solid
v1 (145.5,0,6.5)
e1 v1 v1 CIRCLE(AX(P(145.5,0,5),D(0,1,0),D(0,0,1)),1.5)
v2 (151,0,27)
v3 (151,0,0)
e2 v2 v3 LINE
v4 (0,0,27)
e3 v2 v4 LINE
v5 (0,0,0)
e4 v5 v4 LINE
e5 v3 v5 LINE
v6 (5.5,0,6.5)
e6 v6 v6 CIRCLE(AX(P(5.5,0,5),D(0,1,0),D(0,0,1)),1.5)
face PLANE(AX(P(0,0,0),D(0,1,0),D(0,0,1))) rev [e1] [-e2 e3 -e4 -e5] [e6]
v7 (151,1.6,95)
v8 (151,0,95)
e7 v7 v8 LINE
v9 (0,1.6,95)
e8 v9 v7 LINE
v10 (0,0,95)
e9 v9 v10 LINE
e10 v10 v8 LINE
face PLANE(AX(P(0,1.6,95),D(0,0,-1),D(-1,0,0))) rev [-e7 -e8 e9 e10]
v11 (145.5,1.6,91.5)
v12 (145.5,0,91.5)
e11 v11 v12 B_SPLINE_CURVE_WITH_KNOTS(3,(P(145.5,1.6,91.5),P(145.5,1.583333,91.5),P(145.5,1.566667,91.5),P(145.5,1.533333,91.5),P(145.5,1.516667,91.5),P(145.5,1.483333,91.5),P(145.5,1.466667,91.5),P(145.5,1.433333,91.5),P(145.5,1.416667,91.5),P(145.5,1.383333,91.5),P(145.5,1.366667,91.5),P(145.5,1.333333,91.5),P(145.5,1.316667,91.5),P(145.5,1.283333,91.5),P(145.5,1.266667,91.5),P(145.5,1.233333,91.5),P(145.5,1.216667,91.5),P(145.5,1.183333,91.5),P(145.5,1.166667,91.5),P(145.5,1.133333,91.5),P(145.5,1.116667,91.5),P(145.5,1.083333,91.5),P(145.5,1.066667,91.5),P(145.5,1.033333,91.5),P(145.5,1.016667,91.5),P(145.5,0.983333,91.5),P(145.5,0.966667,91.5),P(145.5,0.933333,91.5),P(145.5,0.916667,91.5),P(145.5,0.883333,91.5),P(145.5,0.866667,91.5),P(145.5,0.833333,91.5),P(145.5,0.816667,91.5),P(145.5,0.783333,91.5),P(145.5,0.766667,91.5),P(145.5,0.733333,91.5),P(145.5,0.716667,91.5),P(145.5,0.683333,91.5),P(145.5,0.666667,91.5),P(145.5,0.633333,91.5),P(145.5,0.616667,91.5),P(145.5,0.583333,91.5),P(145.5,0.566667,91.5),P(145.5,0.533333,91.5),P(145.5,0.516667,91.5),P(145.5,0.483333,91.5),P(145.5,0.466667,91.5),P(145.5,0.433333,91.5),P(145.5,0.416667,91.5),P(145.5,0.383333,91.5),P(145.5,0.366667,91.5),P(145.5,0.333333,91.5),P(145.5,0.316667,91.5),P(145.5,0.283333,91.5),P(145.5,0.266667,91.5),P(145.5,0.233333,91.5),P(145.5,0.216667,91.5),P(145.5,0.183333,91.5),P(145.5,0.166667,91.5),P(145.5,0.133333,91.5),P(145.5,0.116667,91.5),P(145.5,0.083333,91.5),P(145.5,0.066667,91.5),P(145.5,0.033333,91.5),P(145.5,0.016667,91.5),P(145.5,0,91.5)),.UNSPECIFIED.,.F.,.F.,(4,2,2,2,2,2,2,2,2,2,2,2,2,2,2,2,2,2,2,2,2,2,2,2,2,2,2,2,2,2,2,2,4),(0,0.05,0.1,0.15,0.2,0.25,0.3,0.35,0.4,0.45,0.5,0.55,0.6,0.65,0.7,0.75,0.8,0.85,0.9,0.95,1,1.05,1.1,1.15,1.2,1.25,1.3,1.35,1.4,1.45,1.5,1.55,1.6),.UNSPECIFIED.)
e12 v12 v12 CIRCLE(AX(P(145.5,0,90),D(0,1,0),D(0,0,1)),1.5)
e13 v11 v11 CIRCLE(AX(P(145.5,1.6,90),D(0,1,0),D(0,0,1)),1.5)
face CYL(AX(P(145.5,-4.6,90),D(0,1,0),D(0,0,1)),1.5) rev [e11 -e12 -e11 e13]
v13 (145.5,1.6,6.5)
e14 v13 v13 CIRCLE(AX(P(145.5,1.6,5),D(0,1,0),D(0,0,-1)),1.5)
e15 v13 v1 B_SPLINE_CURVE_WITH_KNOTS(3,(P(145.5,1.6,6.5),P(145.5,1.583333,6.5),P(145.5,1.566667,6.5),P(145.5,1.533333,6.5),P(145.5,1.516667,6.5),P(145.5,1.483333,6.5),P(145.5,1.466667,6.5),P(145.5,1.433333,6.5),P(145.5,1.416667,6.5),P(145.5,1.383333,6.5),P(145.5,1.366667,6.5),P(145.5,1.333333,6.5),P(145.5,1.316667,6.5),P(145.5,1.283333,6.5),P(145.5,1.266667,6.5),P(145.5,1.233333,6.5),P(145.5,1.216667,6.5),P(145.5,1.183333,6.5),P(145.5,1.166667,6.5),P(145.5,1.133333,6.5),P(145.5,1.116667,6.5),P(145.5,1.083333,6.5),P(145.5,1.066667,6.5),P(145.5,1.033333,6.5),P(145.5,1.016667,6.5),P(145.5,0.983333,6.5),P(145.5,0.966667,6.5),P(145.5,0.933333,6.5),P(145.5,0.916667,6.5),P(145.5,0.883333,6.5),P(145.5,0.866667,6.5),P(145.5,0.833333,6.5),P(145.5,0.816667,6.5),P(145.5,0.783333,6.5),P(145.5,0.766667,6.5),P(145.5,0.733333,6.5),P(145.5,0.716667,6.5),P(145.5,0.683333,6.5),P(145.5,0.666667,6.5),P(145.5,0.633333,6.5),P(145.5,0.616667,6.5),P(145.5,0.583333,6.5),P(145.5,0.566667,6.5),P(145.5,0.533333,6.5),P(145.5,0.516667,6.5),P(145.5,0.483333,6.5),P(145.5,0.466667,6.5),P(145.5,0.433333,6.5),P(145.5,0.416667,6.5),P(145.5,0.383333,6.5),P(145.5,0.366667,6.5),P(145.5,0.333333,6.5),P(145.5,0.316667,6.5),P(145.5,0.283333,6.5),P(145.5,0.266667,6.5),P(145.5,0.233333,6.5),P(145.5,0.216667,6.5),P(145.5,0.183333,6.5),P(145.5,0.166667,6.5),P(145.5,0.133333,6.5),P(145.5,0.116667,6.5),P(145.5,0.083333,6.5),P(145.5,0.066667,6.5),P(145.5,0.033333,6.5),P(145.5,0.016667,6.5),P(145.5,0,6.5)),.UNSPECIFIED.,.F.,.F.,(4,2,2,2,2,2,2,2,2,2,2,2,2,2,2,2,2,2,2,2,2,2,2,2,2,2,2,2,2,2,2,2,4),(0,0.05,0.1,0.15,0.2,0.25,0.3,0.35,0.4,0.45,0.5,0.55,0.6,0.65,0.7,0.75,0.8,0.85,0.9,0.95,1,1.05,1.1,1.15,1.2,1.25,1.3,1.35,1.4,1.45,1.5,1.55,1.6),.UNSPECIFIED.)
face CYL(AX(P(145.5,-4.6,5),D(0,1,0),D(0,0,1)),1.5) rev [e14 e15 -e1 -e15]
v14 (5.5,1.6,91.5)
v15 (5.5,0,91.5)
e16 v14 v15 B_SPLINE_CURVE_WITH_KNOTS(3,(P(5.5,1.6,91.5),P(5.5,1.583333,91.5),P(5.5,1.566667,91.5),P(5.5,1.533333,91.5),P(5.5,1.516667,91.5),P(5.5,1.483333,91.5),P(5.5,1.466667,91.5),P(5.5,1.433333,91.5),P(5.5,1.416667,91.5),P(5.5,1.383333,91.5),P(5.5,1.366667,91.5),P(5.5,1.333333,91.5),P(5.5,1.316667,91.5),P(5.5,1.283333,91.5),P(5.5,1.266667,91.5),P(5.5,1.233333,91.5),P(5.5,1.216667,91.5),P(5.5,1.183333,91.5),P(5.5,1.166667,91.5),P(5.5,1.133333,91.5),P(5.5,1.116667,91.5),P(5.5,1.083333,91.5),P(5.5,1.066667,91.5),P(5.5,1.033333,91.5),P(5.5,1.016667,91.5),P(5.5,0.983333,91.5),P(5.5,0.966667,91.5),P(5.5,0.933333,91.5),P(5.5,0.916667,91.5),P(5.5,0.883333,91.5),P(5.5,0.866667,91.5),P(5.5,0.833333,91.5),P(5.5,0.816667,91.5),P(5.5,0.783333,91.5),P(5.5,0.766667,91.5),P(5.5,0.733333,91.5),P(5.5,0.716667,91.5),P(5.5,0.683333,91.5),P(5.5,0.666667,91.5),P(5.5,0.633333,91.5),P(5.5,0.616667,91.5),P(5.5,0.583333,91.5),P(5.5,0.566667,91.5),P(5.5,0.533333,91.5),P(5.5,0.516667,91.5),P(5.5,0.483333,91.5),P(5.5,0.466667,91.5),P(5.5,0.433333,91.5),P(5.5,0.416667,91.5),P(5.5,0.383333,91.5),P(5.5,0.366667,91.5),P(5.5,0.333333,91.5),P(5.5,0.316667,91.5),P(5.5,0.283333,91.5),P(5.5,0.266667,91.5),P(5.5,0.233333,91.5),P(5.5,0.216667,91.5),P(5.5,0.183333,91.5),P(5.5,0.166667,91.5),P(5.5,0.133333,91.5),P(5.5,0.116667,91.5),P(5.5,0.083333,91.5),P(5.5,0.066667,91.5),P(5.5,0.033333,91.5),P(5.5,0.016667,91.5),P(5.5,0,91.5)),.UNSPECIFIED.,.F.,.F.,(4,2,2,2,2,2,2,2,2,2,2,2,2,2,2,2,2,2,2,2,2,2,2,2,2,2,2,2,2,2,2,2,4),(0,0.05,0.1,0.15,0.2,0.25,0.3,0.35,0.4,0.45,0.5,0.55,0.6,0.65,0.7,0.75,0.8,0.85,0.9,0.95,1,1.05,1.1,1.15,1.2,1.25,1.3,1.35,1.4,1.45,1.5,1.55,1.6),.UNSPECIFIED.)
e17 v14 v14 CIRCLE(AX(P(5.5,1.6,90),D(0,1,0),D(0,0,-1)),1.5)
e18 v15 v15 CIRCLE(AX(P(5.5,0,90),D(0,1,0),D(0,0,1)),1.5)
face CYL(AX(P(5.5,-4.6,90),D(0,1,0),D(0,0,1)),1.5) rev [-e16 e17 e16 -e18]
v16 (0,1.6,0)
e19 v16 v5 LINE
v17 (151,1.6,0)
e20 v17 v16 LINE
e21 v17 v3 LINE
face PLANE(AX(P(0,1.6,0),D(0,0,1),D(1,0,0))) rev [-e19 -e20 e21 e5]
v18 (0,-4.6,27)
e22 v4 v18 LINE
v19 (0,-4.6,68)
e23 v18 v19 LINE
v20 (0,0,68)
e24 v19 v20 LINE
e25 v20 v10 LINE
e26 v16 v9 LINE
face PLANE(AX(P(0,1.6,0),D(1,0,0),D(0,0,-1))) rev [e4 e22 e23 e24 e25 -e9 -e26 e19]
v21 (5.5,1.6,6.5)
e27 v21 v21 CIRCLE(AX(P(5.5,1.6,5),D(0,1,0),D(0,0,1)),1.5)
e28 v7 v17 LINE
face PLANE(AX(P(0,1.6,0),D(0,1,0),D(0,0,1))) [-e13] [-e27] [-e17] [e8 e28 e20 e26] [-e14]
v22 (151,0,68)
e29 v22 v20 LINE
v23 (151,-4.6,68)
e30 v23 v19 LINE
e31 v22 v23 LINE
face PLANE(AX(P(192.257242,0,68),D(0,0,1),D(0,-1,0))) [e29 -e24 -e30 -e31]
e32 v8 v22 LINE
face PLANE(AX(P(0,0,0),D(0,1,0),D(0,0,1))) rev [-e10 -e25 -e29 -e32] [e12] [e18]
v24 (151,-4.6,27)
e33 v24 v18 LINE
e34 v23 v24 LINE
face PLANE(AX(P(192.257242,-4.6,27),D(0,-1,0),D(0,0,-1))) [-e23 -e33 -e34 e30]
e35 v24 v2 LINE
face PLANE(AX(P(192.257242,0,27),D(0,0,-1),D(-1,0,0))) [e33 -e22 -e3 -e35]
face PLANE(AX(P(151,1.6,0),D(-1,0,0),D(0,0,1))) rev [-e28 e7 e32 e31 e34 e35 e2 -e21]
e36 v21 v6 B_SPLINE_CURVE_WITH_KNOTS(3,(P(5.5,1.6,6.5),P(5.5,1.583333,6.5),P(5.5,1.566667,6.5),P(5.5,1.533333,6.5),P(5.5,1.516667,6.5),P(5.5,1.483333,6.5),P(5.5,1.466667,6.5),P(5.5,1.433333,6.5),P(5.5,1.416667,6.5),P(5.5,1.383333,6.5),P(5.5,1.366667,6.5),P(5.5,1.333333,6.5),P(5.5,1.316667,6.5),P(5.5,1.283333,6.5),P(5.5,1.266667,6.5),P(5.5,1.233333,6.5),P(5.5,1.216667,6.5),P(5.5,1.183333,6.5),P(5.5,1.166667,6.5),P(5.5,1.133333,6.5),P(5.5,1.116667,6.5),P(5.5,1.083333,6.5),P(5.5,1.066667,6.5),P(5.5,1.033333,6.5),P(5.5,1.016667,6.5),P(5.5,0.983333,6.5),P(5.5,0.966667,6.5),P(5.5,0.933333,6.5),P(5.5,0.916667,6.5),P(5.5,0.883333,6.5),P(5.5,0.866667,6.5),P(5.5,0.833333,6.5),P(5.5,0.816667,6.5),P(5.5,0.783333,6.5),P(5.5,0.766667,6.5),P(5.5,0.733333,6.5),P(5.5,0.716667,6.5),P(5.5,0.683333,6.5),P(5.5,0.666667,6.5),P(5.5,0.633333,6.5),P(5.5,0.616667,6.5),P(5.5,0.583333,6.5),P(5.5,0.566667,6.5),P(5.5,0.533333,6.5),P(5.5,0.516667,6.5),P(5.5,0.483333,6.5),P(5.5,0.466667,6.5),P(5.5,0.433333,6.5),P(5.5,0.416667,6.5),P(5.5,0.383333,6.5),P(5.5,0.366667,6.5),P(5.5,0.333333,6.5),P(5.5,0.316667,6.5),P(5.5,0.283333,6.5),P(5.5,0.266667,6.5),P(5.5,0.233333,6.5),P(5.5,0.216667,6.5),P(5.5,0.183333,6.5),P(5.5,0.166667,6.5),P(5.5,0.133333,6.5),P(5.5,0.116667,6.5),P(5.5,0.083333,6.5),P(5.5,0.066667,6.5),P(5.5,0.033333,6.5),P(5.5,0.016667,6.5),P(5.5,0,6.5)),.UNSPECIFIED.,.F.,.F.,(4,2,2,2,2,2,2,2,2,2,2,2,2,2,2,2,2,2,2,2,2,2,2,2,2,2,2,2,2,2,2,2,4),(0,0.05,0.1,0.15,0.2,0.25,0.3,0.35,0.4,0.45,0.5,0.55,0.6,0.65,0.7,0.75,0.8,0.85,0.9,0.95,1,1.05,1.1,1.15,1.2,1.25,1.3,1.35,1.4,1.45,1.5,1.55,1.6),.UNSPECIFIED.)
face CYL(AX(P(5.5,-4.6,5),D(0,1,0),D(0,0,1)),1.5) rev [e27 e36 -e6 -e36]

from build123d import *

# Parameters (mm, degrees)
SKETCH_1_W          = 151
SKETCH_1_H          = 95
EXTRUDE_1_DEPTH     = 1.6
SKETCH_2_W          = 41
SKETCH_2_H          = 4.6
EXTRUDE_2_DEPTH     = 151
SKETCH_3_R          = 1.5
CUT_EXTRUDE_1_DEPTH = 179.506134348


with BuildPart() as part:
    # 草图1 → 凸台-拉伸1 (new body)
    with BuildSketch(Plane(origin=(0, 0, 0), x_dir=(1, 0, 0), z_dir=(0, 1, 0))):
        with Locations((75.5, -47.5)):
            Rectangle(SKETCH_1_W, SKETCH_1_H)
    extrude(amount=EXTRUDE_1_DEPTH)

    # 草图2 → 凸台-拉伸2 (add)
    with BuildSketch(Plane.ZY):
        with Locations((47.5, -2.3)):
            Rectangle(SKETCH_2_W, SKETCH_2_H)
    extrude(amount=-EXTRUDE_2_DEPTH)

    # 草图3 → 切除-拉伸1 (cut, through all)
    with BuildSketch(Plane(origin=(0, 1.6, 0), x_dir=(1, 0, 0), z_dir=(0, 1, 0))):
        with Locations(Location((5.5, -5, 0), (0, 0, 270))):
            Circle(SKETCH_3_R)
        with Locations(Location((5.5, -90, 0), (0, 0, 270))):
            Circle(SKETCH_3_R)
        with Locations(Location((145.5, -90, 0), (0, 0, 270))):
            Circle(SKETCH_3_R)
        with Locations(Location((145.5, -5, 0), (0, 0, 270))):
            Circle(SKETCH_3_R)
    extrude(amount=-CUT_EXTRUDE_1_DEPTH, mode=Mode.SUBTRACT)


solid = part.part
